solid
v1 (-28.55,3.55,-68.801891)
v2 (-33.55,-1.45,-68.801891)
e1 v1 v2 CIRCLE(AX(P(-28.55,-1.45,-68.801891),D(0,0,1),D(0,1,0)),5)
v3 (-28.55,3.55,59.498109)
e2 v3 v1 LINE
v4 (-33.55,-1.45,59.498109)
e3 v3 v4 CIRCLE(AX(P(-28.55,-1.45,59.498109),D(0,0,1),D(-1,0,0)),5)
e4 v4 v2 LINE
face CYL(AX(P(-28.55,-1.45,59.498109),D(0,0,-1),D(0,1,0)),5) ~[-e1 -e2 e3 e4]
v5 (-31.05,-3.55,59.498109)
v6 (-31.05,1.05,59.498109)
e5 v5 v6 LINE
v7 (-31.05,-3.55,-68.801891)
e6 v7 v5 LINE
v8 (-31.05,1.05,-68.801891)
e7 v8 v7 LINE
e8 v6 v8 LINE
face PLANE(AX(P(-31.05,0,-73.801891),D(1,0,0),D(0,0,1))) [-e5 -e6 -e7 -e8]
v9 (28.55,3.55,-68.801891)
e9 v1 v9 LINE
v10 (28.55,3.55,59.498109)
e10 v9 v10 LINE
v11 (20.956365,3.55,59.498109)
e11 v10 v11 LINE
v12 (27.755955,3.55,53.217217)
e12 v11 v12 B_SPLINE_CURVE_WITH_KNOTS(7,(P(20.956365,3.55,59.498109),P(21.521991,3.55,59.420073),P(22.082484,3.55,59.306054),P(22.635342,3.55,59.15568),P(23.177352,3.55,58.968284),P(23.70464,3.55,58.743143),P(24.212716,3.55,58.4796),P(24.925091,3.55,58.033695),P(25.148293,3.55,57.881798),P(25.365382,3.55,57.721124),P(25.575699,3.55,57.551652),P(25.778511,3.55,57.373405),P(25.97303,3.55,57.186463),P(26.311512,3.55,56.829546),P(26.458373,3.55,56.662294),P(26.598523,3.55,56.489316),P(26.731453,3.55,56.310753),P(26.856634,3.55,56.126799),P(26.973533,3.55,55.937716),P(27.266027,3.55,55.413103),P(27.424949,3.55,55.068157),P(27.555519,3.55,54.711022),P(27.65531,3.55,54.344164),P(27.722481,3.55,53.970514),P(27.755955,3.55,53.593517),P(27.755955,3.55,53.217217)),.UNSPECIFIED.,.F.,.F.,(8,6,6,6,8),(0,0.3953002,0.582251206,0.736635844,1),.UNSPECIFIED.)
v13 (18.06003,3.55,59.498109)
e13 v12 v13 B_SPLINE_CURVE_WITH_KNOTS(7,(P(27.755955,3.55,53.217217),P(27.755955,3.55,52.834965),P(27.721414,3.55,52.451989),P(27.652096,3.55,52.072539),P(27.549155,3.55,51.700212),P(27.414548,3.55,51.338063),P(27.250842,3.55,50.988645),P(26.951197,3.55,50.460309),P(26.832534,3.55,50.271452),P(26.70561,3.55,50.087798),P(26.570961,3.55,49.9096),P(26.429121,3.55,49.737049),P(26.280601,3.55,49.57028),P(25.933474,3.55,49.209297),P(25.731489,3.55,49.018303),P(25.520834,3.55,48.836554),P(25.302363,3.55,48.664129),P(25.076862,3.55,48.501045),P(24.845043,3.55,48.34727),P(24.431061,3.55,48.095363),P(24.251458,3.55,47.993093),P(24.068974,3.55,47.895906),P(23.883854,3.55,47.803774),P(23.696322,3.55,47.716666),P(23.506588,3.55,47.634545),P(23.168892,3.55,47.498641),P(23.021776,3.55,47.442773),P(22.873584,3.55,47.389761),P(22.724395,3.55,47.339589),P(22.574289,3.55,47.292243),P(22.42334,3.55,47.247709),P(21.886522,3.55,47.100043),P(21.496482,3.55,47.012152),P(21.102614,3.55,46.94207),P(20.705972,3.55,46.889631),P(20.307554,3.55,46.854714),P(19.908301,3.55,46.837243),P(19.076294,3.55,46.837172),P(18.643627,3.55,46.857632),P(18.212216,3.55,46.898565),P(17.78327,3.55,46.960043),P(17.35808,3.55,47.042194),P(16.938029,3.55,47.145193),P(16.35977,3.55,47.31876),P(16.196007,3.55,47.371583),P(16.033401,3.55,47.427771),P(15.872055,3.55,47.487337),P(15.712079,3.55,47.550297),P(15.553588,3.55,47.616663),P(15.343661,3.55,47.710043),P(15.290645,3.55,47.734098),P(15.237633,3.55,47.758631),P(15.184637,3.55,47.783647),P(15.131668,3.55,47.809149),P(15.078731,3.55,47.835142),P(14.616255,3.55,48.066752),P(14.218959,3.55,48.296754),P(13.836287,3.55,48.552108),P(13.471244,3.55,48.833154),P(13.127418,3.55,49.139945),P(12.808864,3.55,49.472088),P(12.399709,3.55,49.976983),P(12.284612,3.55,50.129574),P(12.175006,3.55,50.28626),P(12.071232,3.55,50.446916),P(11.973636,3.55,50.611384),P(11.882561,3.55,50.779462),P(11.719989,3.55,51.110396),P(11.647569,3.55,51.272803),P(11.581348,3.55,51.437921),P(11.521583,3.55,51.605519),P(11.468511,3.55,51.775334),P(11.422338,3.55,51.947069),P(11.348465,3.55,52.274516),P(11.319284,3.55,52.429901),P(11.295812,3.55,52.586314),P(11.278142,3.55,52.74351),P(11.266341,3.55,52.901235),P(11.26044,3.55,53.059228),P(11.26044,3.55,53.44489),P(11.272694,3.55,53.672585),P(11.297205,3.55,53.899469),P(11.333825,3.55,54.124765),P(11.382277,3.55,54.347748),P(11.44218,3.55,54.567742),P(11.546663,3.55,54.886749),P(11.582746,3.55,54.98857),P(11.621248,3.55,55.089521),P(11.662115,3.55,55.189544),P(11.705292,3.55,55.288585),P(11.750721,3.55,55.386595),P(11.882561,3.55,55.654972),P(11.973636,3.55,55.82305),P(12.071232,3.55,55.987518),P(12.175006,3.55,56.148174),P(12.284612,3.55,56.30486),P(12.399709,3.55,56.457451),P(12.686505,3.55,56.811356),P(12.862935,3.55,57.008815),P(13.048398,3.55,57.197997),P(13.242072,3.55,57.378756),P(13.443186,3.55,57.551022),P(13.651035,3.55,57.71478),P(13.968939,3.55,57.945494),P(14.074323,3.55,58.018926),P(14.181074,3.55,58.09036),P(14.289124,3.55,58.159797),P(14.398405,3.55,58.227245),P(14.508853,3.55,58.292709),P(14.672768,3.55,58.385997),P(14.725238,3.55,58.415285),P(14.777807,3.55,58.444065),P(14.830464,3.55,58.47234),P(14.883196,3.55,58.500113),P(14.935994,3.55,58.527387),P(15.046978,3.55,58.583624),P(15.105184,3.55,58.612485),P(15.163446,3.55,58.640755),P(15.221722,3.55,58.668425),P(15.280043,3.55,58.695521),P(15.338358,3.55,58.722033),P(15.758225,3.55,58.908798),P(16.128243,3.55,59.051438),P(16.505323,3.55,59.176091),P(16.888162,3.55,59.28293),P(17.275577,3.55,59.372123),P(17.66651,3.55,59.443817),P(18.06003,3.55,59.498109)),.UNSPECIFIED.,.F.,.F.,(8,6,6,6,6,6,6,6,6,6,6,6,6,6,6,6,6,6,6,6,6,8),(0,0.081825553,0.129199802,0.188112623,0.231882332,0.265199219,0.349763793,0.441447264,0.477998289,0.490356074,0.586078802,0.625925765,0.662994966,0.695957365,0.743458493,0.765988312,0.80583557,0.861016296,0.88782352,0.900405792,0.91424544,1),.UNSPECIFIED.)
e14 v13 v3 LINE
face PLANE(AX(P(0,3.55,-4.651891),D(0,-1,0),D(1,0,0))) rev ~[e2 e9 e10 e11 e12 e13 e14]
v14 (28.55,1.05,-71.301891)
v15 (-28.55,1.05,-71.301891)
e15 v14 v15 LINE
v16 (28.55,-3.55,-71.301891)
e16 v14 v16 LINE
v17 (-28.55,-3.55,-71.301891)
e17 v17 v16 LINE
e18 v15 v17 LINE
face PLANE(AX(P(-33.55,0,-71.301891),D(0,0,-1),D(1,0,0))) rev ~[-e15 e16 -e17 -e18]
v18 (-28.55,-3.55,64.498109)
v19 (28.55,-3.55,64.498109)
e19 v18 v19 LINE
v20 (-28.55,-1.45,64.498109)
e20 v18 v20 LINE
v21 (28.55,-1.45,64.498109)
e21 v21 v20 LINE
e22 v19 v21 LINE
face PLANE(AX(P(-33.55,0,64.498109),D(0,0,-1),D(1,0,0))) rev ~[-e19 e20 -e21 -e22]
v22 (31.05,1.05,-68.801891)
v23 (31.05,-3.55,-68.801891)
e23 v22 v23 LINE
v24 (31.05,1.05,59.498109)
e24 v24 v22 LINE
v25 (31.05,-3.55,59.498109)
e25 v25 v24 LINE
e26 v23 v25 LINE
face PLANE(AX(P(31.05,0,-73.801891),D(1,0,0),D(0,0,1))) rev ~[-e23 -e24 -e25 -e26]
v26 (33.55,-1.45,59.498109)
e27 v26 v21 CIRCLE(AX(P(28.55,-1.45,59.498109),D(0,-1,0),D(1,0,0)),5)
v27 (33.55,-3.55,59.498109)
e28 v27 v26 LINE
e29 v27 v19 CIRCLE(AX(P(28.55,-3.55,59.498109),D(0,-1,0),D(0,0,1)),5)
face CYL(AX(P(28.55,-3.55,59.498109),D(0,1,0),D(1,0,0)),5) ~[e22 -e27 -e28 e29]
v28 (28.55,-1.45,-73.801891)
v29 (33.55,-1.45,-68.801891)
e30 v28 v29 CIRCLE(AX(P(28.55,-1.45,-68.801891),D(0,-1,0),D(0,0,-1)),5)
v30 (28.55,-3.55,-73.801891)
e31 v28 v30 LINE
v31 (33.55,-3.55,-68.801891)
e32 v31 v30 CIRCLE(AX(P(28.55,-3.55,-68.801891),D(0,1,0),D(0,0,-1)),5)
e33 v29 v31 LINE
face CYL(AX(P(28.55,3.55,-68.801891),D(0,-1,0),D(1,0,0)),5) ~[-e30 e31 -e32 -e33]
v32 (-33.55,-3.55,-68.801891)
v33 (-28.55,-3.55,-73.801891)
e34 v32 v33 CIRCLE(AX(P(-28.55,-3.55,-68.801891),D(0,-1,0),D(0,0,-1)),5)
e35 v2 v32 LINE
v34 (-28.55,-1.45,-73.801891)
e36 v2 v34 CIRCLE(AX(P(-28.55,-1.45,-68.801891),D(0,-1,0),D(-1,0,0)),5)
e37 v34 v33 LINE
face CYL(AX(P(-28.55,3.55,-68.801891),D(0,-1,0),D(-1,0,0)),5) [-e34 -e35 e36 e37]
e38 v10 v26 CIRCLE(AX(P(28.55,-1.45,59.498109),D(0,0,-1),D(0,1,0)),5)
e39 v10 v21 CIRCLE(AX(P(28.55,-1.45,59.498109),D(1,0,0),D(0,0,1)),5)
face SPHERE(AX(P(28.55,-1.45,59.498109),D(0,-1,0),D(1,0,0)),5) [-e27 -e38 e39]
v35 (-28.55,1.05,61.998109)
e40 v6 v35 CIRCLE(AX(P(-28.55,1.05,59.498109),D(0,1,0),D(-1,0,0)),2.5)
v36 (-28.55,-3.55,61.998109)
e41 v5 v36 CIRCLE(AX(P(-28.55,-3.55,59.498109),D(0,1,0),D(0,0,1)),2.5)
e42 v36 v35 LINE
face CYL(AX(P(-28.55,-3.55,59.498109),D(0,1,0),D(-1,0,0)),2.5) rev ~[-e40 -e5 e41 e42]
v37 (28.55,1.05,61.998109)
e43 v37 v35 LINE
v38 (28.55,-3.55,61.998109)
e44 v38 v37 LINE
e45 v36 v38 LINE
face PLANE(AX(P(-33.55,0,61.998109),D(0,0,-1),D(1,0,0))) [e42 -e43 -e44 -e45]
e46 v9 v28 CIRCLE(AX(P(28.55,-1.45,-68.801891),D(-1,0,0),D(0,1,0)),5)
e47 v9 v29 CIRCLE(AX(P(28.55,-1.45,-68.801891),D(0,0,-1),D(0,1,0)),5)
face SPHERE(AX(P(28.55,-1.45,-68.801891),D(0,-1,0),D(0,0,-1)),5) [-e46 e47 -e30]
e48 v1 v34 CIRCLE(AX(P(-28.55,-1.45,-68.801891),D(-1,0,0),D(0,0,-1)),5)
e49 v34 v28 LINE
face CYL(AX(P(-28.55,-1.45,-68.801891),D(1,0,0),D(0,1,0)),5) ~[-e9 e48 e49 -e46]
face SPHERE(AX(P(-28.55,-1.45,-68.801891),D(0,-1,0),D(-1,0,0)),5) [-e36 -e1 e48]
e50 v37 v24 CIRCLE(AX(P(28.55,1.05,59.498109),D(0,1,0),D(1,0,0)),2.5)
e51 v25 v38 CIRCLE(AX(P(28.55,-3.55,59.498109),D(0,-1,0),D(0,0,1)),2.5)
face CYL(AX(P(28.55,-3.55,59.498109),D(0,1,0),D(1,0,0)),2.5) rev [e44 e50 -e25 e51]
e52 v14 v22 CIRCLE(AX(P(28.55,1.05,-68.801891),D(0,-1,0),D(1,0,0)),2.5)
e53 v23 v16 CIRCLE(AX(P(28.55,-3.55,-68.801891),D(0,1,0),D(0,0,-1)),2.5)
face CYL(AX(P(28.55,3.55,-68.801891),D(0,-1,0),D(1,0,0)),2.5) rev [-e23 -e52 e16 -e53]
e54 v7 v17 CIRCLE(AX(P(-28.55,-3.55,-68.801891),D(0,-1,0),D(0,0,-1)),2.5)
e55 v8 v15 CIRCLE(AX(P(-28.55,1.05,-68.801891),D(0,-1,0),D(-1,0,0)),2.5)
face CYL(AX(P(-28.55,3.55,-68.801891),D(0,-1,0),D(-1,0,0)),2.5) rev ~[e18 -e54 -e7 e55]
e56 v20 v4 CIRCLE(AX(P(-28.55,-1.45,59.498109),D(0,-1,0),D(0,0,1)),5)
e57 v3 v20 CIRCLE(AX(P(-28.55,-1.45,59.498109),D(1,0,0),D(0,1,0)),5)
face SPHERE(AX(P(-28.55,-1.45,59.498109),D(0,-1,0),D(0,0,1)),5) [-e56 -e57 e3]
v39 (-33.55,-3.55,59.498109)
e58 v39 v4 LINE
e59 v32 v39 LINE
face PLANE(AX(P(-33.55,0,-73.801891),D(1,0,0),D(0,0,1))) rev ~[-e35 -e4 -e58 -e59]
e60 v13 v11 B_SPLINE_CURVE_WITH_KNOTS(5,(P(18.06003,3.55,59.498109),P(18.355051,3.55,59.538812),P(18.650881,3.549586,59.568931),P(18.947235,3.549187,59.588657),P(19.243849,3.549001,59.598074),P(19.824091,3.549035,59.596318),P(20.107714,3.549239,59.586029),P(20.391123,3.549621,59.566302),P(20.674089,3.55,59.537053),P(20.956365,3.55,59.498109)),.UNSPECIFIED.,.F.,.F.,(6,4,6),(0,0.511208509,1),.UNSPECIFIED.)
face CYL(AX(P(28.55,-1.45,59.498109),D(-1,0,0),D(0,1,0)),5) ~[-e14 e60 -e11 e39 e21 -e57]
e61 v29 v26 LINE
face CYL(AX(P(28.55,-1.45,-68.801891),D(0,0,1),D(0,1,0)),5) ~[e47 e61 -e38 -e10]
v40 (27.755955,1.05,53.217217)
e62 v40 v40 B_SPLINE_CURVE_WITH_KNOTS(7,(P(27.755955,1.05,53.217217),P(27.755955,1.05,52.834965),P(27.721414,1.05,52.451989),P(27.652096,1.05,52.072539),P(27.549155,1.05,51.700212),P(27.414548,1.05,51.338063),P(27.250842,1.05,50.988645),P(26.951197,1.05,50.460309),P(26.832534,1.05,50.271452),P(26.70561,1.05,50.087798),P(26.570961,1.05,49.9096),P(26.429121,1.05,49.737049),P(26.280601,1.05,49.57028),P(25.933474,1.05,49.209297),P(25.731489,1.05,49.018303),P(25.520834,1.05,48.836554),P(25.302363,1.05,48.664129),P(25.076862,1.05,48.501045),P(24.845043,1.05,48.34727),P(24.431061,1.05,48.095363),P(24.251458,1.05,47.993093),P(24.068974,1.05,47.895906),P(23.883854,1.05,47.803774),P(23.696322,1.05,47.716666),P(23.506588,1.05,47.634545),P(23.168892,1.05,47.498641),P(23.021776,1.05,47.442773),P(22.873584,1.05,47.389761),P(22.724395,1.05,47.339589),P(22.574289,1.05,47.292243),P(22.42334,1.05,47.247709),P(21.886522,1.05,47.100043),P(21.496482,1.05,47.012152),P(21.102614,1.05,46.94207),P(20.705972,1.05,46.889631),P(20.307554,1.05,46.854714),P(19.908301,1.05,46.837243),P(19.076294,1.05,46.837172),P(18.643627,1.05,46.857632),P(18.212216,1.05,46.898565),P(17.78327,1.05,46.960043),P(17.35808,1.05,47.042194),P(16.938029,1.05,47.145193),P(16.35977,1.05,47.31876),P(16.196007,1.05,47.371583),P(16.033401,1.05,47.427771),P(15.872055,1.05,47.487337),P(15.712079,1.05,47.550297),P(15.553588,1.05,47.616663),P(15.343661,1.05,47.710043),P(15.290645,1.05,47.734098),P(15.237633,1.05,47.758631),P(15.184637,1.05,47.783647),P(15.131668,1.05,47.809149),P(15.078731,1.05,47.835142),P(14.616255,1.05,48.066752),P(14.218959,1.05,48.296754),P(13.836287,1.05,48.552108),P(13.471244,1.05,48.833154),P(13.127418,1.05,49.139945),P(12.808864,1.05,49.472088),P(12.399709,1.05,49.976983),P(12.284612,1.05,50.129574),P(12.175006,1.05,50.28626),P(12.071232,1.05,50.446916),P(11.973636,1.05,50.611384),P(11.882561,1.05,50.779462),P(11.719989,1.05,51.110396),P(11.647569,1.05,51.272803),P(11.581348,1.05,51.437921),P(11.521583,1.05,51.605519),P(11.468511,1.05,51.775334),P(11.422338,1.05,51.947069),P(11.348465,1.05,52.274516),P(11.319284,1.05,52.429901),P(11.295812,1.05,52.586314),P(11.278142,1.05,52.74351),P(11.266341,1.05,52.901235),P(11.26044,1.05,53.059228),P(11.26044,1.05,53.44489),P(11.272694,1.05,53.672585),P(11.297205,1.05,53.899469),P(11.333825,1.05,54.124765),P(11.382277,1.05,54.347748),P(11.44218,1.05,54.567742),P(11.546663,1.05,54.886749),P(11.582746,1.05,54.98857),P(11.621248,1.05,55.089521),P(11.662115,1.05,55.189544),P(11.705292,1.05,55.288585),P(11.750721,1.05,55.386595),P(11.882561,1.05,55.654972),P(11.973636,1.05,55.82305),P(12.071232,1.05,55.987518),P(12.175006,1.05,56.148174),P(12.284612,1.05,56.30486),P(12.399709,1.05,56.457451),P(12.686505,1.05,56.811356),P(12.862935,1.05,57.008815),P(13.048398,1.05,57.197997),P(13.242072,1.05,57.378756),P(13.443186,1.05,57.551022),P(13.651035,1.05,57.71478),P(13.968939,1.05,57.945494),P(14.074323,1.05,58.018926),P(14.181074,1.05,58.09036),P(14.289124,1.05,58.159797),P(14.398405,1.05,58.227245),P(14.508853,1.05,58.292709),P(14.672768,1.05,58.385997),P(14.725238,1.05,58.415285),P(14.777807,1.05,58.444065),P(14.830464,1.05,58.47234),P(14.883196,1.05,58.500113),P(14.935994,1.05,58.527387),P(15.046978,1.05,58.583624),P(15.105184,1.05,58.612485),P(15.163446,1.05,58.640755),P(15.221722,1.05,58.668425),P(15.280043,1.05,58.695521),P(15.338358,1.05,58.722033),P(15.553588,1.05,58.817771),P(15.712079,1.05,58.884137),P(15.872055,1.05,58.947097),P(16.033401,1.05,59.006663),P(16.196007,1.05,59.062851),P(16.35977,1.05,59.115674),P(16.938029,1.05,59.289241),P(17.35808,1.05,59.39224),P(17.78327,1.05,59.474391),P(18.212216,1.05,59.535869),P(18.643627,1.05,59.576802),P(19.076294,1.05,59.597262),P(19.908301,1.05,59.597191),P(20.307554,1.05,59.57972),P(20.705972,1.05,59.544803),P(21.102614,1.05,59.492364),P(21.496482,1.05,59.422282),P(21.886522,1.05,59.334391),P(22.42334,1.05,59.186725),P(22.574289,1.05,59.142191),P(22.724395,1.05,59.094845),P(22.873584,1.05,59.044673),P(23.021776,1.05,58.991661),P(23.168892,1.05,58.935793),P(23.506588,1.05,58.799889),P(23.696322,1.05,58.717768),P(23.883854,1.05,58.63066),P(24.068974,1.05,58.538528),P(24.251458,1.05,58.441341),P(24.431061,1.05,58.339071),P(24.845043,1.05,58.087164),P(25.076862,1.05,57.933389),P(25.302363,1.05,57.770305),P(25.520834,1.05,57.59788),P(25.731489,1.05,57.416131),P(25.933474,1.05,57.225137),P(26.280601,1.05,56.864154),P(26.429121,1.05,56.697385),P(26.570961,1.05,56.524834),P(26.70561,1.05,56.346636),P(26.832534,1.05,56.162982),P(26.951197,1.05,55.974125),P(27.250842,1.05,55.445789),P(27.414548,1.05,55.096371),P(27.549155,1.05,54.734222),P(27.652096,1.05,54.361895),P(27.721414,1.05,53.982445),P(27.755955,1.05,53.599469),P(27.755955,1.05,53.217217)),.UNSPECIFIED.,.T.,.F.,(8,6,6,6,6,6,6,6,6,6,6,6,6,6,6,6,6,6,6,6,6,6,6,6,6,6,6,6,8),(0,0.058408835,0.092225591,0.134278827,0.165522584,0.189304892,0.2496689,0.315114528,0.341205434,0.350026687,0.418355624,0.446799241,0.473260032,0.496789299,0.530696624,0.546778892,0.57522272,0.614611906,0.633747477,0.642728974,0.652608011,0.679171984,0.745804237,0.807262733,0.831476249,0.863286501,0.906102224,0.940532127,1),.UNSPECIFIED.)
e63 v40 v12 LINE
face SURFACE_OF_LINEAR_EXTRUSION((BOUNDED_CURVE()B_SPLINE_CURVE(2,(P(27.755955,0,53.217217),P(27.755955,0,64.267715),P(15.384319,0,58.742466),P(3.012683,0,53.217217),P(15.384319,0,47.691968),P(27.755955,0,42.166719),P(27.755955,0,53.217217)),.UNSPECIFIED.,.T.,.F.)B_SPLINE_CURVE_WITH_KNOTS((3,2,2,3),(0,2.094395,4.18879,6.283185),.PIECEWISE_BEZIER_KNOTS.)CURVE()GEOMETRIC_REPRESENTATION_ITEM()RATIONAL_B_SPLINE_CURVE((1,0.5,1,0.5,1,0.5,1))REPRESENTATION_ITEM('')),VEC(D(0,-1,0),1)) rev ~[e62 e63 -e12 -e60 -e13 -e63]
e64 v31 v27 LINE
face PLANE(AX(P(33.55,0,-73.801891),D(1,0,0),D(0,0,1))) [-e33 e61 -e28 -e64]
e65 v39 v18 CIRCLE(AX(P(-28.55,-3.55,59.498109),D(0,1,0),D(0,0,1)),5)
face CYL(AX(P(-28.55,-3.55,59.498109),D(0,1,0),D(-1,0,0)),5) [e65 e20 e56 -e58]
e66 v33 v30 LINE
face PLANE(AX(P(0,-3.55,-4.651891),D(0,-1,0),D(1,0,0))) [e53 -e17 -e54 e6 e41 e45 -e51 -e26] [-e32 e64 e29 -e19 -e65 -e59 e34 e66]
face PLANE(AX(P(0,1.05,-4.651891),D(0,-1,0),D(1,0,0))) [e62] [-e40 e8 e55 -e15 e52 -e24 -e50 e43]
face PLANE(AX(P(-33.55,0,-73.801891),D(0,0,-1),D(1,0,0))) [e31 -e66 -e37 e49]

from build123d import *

# Parameters (mm, degrees)
F0_W     = 67.1
F0_H     = 138.3
F1_DEPTH = 3.55
F2_R     = 5
F3_T     = -2.5
F4_R     = 5
F6_DEPTH = 25


with BuildPart() as f1:
    # F0 (on Front) → F1 (new body, symmetric)
    with BuildSketch(Plane.XZ):
        with Locations((0, -4.651891)):
            Rectangle(F0_W, F0_H)
    extrude(amount=F1_DEPTH, both=True)

    # F2
    f2_edges = [f1.edges().sort_by_distance(p)[0] for p in [
        (-33.55, 0, 64.498109),
        (33.55, 0, 64.498109),
        (33.55, 0, -73.801891),
        (-33.55, 0, -73.801891),
    ]]
    fillet(f2_edges, radius=F2_R)

    # F3
    f3_openings = [f1.faces().sort_by_distance(p)[0] for p in [
        (0, -3.55, -4.651891),
    ]]
    offset(amount=F3_T, openings=f3_openings)

    # F4
    f4_edges = [f1.edges().sort_by_distance(p)[0] for p in [
        (33.55, 3.55, -4.651891),
        (32.085534, 3.55, -72.337424),
        (32.085534, 3.55, 63.033643),
        (0, 3.55, -73.801891),
        (0, 3.55, 64.498109),
        (-32.085534, 3.55, -72.337424),
        (-32.085534, 3.55, 63.033643),
        (-33.55, 3.55, -4.651891),
    ]]
    fillet(f4_edges, radius=F4_R)

    # F5 (on Front) → F6 (cut)
    with BuildSketch(Plane.XZ):
        with BuildLine():
            add(Edge.make_bspline(
                [(27.755955, 53.217217), (27.755955, 64.267715), (15.384319, 58.742466), (3.012683, 53.217217), (15.384319, 47.691968), (27.755955, 42.166719), (27.755955, 53.217217)],
                knots=[0, 0, 0, 2.094395, 2.094395, 4.18879, 4.18879, 6.283185, 6.283185, 6.283185], degree=2, weights=[1, 0.5, 1, 0.5, 1, 0.5, 1]))
        make_face()
    extrude(amount=-F6_DEPTH, mode=Mode.SUBTRACT)


solid = f1.part
